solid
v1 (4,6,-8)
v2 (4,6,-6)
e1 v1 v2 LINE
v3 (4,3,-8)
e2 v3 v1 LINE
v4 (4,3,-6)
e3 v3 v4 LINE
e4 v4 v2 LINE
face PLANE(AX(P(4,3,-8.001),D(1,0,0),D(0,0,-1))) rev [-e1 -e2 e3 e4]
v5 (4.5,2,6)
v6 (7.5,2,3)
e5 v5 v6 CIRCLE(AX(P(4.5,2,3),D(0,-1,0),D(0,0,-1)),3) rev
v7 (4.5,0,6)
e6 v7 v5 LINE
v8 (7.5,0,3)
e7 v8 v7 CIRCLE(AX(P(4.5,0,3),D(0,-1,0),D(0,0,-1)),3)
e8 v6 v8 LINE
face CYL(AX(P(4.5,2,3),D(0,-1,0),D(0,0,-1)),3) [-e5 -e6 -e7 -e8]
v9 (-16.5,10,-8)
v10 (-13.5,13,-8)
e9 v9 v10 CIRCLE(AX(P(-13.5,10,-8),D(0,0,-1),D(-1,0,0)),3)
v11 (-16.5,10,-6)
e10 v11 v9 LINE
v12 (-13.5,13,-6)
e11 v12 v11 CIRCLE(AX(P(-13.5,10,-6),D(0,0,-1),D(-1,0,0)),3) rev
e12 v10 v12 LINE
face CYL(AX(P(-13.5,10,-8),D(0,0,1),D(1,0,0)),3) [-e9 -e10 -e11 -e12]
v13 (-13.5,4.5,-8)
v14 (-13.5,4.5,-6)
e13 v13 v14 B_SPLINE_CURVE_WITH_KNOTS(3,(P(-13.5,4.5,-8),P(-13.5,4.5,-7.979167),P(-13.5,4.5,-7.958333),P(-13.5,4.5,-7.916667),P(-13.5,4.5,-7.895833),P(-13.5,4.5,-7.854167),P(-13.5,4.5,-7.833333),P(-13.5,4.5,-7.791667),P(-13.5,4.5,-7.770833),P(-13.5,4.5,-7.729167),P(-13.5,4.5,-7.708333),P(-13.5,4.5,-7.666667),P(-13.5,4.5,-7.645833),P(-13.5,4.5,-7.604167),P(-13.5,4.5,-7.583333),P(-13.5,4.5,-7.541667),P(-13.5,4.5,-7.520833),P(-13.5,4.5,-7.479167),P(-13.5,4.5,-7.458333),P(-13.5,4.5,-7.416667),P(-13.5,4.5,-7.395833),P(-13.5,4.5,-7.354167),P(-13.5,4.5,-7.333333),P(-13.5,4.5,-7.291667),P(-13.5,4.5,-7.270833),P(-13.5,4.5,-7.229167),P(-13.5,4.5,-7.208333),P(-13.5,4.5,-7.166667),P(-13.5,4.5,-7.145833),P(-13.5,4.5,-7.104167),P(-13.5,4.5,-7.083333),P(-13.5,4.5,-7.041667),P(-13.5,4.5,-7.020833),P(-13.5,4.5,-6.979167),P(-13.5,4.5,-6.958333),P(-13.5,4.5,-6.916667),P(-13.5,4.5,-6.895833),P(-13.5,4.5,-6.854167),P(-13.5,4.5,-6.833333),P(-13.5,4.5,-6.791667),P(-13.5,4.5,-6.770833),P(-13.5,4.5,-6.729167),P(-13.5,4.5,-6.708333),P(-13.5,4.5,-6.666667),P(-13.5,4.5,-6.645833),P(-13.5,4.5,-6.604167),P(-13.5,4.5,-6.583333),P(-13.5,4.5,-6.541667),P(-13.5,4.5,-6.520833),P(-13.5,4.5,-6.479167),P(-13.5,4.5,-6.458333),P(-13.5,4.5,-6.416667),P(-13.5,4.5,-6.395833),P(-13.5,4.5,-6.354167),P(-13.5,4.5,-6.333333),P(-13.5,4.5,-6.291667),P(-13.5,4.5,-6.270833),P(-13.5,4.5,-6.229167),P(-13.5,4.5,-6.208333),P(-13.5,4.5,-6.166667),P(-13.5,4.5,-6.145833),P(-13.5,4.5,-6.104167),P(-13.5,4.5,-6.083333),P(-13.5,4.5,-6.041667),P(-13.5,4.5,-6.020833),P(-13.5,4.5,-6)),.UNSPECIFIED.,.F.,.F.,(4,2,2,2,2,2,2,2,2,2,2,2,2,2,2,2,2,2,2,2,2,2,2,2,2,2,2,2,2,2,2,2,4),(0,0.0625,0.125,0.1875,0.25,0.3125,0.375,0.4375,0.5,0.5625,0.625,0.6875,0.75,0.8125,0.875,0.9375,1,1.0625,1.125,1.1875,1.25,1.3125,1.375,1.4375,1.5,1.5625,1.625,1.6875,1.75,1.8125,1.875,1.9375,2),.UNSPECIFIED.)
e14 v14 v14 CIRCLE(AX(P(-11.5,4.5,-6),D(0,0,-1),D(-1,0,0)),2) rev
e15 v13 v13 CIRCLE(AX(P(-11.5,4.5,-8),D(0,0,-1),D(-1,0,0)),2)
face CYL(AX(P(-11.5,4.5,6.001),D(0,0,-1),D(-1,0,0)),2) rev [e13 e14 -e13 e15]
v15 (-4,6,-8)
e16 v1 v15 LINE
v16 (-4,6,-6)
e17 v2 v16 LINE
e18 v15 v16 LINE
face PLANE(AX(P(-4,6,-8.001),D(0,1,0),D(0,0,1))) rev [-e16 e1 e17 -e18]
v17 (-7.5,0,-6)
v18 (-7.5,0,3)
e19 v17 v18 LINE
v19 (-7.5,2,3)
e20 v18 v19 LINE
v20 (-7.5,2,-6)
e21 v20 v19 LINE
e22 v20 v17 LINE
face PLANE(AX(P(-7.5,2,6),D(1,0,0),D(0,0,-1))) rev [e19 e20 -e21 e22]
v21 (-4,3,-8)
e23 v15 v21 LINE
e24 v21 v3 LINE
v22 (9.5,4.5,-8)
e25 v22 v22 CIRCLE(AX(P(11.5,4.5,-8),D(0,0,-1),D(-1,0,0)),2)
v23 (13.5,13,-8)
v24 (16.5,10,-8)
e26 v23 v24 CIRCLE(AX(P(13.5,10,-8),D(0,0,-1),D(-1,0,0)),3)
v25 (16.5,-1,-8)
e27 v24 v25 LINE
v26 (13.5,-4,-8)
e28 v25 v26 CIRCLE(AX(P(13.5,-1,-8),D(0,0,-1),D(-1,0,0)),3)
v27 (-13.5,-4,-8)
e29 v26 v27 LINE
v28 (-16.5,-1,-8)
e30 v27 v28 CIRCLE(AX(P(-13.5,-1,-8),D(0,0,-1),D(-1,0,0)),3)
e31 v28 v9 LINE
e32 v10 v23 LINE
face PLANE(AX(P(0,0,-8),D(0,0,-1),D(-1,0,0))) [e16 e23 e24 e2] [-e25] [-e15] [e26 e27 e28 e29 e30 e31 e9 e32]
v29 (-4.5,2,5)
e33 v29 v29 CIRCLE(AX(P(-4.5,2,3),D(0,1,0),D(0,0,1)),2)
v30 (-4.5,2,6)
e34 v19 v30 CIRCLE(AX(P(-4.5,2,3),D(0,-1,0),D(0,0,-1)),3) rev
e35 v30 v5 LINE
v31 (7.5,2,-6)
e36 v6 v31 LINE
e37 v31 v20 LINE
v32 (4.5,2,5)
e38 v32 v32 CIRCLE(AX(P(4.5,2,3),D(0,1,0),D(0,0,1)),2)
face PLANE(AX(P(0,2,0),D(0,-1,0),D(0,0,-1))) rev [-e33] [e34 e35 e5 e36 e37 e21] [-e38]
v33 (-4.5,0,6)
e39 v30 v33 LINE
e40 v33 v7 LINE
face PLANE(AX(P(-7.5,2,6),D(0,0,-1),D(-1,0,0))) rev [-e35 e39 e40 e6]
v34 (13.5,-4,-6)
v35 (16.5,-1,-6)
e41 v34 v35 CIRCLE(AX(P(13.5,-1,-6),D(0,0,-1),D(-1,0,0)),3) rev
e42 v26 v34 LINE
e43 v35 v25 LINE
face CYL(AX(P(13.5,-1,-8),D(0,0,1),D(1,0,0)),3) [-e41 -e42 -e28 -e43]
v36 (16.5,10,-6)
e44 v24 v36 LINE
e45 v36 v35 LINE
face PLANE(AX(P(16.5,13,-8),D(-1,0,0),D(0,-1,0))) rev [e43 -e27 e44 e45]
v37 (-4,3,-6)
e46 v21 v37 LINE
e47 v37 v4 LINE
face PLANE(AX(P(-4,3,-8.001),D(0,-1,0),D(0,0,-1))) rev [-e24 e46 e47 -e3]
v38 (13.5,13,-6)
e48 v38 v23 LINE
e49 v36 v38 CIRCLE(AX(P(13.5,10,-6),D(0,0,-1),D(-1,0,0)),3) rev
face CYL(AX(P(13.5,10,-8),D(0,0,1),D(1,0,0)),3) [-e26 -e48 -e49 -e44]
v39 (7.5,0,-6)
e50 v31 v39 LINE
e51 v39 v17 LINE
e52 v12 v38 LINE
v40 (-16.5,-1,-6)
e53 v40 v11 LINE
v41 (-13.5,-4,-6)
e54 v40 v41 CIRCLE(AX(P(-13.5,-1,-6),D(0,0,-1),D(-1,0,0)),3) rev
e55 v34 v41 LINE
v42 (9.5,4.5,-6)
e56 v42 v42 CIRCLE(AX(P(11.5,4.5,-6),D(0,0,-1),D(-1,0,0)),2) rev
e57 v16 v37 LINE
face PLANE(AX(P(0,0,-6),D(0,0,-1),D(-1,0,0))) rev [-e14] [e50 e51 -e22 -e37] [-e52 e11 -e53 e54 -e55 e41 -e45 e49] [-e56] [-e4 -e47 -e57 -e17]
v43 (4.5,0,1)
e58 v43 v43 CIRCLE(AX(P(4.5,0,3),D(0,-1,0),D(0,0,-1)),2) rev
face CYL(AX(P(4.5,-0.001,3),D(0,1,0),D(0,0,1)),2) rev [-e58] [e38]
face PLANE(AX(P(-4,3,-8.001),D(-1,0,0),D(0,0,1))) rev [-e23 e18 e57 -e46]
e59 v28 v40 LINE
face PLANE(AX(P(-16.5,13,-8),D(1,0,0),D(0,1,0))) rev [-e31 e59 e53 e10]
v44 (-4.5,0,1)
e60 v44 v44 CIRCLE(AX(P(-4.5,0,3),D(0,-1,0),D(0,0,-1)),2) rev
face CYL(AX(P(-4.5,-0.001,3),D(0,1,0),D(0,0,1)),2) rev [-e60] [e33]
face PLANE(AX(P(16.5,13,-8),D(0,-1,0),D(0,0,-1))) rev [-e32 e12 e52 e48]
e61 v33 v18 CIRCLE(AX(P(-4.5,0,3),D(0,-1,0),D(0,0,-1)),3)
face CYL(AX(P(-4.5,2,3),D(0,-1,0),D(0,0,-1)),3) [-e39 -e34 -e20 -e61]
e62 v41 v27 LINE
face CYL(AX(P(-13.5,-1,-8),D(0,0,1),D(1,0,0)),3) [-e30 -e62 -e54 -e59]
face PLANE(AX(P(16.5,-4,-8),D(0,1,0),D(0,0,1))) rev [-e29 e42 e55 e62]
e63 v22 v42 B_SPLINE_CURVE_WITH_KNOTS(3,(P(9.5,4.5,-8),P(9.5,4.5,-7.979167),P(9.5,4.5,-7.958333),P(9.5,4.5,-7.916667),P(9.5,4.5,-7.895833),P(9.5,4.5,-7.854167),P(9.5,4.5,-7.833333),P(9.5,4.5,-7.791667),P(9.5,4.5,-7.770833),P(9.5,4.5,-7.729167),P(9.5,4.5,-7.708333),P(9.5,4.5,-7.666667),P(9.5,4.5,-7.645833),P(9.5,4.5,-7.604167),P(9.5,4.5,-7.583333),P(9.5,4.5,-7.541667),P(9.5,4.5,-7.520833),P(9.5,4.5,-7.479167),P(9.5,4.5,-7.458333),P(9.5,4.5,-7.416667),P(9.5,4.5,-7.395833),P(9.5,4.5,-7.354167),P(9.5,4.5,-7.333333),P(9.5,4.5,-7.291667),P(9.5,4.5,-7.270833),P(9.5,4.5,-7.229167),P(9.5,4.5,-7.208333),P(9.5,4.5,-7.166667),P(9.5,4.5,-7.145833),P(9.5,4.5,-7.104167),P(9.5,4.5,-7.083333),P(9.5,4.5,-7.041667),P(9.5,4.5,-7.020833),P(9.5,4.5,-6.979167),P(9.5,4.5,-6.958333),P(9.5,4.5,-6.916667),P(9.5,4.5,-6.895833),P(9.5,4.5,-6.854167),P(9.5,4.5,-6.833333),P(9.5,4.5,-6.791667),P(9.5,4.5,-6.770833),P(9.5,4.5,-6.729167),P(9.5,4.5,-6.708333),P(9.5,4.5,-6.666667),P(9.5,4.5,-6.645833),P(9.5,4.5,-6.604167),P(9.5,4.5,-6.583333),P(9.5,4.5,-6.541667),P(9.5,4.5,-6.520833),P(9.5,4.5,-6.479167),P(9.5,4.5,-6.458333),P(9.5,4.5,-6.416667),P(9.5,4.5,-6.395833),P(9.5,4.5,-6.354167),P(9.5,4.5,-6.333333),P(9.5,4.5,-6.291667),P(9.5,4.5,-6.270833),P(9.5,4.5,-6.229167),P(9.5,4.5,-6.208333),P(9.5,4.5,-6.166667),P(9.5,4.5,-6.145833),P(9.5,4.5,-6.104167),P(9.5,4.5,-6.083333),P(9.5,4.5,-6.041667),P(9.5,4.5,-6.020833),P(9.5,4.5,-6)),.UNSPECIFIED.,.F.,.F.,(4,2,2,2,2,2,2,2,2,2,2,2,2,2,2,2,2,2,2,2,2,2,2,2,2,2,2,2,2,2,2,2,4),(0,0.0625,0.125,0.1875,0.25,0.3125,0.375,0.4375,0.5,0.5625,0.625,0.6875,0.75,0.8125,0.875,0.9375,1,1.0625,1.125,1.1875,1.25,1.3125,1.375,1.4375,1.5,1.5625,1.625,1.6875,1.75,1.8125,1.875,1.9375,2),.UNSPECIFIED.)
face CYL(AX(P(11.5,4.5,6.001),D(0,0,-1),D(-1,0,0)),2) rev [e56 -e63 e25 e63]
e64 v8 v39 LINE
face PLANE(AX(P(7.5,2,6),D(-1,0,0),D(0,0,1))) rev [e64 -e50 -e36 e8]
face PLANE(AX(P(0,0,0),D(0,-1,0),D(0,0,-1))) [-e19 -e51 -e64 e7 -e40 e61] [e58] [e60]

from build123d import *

# Parameters (mm, degrees)
CROQUIS1_W              = 15
CROQUIS1_H              = 12
SALIENTE_EXTRUIR1_DEPTH = 2
CORTAR_EXTRUIR1_REACH   = 11.811
CROQUIS2_R              = 2
CROQUIS3_W              = 33
CROQUIS3_H              = 17
SALIENTE_EXTRUIR2_DEPTH = 2
CORTAR_EXTRUIR3_REACH   = 26.192
CROQUIS5_W              = 8
CROQUIS5_H              = 3
CORTAR_EXTRUIR4_REACH   = 27.244
CROQUIS6_R              = 2
REDONDEO1_R             = 3
REDONDEO2_R             = 3


with BuildPart() as part:
    # Croquis1 → Saliente-Extruir1 (new body)
    with BuildSketch(Plane(origin=(0, 0, 0), x_dir=(1, 0, 0), z_dir=(0, 1, 0))):
        Rectangle(CROQUIS1_W, CROQUIS1_H)
    extrude(amount=SALIENTE_EXTRUIR1_DEPTH)

    # Croquis2 → Cortar-Extruir1 (cut, up to next)
    with BuildSketch(Plane(origin=(0, 2, 0), x_dir=(1, 0, 0), z_dir=(0, 1, 0)), mode=Mode.PRIVATE) as cortar_extruir1_sk1:
        with Locations(Location((-4.5, -3, 0), (0, 0, 270))):
            Circle(CROQUIS2_R)
    cortar_extruir1_tool1 = extrude(cortar_extruir1_sk1.sketch, amount=-CORTAR_EXTRUIR1_REACH, mode=Mode.PRIVATE) & part.part
    # Croquis2 → Cortar-Extruir1 (cut, up to next)
    with BuildSketch(Plane(origin=(0, 2, 0), x_dir=(1, 0, 0), z_dir=(0, 1, 0)), mode=Mode.PRIVATE) as cortar_extruir1_sk2:
        with Locations(Location((4.5, -3, 0), (0, 0, 270))):
            Circle(CROQUIS2_R)
    cortar_extruir1_tool2 = extrude(cortar_extruir1_sk2.sketch, amount=-CORTAR_EXTRUIR1_REACH, mode=Mode.PRIVATE) & part.part
    add(cortar_extruir1_tool1.solids().sort_by_distance((-4.5, 2, 3))[0], mode=Mode.SUBTRACT)
    add(cortar_extruir1_tool2.solids().sort_by_distance((4.5, 2, 3))[0], mode=Mode.SUBTRACT)

    # Croquis3 → Saliente-Extruir2 (add)
    with BuildSketch(Plane(origin=(0, 0, -6), x_dir=(-1, 0, 0), z_dir=(0, 0, -1))):
        with Locations((0, 4.5)):
            Rectangle(CROQUIS3_W, CROQUIS3_H)
    extrude(amount=SALIENTE_EXTRUIR2_DEPTH)

    # Croquis5 → Cortar-Extruir3 (cut, up to next)
    with BuildSketch(Plane.XY.offset(-6), mode=Mode.PRIVATE) as cortar_extruir3_sk1:
        with Locations((0, 4.5)):
            Rectangle(CROQUIS5_W, CROQUIS5_H)
    cortar_extruir3_tool1 = extrude(cortar_extruir3_sk1.sketch, amount=-CORTAR_EXTRUIR3_REACH, mode=Mode.PRIVATE) & part.part
    add(cortar_extruir3_tool1.solids().sort_by_distance((0, 4.5, -6))[0], mode=Mode.SUBTRACT)

    # Croquis6 → Cortar-Extruir4 (cut, up to next)
    with BuildSketch(Plane(origin=(0, 0, -8), x_dir=(-1, 0, 0), z_dir=(0, 0, -1)), mode=Mode.PRIVATE) as cortar_extruir4_sk1:
        with Locations((-11.5, 4.5)):
            Circle(CROQUIS6_R)
    cortar_extruir4_tool1 = extrude(cortar_extruir4_sk1.sketch, amount=-CORTAR_EXTRUIR4_REACH, mode=Mode.PRIVATE) & part.part
    # Croquis6 → Cortar-Extruir4 (cut, up to next)
    with BuildSketch(Plane(origin=(0, 0, -8), x_dir=(-1, 0, 0), z_dir=(0, 0, -1)), mode=Mode.PRIVATE) as cortar_extruir4_sk2:
        with Locations((11.5, 4.5)):
            Circle(CROQUIS6_R)
    cortar_extruir4_tool2 = extrude(cortar_extruir4_sk2.sketch, amount=-CORTAR_EXTRUIR4_REACH, mode=Mode.PRIVATE) & part.part
    add(cortar_extruir4_tool1.solids().sort_by_distance((11.5, 4.5, -8))[0], mode=Mode.SUBTRACT)
    add(cortar_extruir4_tool2.solids().sort_by_distance((-11.5, 4.5, -8))[0], mode=Mode.SUBTRACT)

    # Redondeo1
    redondeo1_edges = [part.edges().sort_by_distance(p)[0] for p in [
        (16.5, 13, -7),
        (16.5, -4, -7),
        (-16.5, -4, -7),
        (-16.5, 13, -7),
    ]]
    fillet(redondeo1_edges, radius=REDONDEO1_R)

    # Redondeo2
    redondeo2_edges = [part.edges().sort_by_distance(p)[0] for p in [
        (7.5, 1, 6),
        (-7.5, 1, 6),
    ]]
    fillet(redondeo2_edges, radius=REDONDEO2_R)


solid = part.part
